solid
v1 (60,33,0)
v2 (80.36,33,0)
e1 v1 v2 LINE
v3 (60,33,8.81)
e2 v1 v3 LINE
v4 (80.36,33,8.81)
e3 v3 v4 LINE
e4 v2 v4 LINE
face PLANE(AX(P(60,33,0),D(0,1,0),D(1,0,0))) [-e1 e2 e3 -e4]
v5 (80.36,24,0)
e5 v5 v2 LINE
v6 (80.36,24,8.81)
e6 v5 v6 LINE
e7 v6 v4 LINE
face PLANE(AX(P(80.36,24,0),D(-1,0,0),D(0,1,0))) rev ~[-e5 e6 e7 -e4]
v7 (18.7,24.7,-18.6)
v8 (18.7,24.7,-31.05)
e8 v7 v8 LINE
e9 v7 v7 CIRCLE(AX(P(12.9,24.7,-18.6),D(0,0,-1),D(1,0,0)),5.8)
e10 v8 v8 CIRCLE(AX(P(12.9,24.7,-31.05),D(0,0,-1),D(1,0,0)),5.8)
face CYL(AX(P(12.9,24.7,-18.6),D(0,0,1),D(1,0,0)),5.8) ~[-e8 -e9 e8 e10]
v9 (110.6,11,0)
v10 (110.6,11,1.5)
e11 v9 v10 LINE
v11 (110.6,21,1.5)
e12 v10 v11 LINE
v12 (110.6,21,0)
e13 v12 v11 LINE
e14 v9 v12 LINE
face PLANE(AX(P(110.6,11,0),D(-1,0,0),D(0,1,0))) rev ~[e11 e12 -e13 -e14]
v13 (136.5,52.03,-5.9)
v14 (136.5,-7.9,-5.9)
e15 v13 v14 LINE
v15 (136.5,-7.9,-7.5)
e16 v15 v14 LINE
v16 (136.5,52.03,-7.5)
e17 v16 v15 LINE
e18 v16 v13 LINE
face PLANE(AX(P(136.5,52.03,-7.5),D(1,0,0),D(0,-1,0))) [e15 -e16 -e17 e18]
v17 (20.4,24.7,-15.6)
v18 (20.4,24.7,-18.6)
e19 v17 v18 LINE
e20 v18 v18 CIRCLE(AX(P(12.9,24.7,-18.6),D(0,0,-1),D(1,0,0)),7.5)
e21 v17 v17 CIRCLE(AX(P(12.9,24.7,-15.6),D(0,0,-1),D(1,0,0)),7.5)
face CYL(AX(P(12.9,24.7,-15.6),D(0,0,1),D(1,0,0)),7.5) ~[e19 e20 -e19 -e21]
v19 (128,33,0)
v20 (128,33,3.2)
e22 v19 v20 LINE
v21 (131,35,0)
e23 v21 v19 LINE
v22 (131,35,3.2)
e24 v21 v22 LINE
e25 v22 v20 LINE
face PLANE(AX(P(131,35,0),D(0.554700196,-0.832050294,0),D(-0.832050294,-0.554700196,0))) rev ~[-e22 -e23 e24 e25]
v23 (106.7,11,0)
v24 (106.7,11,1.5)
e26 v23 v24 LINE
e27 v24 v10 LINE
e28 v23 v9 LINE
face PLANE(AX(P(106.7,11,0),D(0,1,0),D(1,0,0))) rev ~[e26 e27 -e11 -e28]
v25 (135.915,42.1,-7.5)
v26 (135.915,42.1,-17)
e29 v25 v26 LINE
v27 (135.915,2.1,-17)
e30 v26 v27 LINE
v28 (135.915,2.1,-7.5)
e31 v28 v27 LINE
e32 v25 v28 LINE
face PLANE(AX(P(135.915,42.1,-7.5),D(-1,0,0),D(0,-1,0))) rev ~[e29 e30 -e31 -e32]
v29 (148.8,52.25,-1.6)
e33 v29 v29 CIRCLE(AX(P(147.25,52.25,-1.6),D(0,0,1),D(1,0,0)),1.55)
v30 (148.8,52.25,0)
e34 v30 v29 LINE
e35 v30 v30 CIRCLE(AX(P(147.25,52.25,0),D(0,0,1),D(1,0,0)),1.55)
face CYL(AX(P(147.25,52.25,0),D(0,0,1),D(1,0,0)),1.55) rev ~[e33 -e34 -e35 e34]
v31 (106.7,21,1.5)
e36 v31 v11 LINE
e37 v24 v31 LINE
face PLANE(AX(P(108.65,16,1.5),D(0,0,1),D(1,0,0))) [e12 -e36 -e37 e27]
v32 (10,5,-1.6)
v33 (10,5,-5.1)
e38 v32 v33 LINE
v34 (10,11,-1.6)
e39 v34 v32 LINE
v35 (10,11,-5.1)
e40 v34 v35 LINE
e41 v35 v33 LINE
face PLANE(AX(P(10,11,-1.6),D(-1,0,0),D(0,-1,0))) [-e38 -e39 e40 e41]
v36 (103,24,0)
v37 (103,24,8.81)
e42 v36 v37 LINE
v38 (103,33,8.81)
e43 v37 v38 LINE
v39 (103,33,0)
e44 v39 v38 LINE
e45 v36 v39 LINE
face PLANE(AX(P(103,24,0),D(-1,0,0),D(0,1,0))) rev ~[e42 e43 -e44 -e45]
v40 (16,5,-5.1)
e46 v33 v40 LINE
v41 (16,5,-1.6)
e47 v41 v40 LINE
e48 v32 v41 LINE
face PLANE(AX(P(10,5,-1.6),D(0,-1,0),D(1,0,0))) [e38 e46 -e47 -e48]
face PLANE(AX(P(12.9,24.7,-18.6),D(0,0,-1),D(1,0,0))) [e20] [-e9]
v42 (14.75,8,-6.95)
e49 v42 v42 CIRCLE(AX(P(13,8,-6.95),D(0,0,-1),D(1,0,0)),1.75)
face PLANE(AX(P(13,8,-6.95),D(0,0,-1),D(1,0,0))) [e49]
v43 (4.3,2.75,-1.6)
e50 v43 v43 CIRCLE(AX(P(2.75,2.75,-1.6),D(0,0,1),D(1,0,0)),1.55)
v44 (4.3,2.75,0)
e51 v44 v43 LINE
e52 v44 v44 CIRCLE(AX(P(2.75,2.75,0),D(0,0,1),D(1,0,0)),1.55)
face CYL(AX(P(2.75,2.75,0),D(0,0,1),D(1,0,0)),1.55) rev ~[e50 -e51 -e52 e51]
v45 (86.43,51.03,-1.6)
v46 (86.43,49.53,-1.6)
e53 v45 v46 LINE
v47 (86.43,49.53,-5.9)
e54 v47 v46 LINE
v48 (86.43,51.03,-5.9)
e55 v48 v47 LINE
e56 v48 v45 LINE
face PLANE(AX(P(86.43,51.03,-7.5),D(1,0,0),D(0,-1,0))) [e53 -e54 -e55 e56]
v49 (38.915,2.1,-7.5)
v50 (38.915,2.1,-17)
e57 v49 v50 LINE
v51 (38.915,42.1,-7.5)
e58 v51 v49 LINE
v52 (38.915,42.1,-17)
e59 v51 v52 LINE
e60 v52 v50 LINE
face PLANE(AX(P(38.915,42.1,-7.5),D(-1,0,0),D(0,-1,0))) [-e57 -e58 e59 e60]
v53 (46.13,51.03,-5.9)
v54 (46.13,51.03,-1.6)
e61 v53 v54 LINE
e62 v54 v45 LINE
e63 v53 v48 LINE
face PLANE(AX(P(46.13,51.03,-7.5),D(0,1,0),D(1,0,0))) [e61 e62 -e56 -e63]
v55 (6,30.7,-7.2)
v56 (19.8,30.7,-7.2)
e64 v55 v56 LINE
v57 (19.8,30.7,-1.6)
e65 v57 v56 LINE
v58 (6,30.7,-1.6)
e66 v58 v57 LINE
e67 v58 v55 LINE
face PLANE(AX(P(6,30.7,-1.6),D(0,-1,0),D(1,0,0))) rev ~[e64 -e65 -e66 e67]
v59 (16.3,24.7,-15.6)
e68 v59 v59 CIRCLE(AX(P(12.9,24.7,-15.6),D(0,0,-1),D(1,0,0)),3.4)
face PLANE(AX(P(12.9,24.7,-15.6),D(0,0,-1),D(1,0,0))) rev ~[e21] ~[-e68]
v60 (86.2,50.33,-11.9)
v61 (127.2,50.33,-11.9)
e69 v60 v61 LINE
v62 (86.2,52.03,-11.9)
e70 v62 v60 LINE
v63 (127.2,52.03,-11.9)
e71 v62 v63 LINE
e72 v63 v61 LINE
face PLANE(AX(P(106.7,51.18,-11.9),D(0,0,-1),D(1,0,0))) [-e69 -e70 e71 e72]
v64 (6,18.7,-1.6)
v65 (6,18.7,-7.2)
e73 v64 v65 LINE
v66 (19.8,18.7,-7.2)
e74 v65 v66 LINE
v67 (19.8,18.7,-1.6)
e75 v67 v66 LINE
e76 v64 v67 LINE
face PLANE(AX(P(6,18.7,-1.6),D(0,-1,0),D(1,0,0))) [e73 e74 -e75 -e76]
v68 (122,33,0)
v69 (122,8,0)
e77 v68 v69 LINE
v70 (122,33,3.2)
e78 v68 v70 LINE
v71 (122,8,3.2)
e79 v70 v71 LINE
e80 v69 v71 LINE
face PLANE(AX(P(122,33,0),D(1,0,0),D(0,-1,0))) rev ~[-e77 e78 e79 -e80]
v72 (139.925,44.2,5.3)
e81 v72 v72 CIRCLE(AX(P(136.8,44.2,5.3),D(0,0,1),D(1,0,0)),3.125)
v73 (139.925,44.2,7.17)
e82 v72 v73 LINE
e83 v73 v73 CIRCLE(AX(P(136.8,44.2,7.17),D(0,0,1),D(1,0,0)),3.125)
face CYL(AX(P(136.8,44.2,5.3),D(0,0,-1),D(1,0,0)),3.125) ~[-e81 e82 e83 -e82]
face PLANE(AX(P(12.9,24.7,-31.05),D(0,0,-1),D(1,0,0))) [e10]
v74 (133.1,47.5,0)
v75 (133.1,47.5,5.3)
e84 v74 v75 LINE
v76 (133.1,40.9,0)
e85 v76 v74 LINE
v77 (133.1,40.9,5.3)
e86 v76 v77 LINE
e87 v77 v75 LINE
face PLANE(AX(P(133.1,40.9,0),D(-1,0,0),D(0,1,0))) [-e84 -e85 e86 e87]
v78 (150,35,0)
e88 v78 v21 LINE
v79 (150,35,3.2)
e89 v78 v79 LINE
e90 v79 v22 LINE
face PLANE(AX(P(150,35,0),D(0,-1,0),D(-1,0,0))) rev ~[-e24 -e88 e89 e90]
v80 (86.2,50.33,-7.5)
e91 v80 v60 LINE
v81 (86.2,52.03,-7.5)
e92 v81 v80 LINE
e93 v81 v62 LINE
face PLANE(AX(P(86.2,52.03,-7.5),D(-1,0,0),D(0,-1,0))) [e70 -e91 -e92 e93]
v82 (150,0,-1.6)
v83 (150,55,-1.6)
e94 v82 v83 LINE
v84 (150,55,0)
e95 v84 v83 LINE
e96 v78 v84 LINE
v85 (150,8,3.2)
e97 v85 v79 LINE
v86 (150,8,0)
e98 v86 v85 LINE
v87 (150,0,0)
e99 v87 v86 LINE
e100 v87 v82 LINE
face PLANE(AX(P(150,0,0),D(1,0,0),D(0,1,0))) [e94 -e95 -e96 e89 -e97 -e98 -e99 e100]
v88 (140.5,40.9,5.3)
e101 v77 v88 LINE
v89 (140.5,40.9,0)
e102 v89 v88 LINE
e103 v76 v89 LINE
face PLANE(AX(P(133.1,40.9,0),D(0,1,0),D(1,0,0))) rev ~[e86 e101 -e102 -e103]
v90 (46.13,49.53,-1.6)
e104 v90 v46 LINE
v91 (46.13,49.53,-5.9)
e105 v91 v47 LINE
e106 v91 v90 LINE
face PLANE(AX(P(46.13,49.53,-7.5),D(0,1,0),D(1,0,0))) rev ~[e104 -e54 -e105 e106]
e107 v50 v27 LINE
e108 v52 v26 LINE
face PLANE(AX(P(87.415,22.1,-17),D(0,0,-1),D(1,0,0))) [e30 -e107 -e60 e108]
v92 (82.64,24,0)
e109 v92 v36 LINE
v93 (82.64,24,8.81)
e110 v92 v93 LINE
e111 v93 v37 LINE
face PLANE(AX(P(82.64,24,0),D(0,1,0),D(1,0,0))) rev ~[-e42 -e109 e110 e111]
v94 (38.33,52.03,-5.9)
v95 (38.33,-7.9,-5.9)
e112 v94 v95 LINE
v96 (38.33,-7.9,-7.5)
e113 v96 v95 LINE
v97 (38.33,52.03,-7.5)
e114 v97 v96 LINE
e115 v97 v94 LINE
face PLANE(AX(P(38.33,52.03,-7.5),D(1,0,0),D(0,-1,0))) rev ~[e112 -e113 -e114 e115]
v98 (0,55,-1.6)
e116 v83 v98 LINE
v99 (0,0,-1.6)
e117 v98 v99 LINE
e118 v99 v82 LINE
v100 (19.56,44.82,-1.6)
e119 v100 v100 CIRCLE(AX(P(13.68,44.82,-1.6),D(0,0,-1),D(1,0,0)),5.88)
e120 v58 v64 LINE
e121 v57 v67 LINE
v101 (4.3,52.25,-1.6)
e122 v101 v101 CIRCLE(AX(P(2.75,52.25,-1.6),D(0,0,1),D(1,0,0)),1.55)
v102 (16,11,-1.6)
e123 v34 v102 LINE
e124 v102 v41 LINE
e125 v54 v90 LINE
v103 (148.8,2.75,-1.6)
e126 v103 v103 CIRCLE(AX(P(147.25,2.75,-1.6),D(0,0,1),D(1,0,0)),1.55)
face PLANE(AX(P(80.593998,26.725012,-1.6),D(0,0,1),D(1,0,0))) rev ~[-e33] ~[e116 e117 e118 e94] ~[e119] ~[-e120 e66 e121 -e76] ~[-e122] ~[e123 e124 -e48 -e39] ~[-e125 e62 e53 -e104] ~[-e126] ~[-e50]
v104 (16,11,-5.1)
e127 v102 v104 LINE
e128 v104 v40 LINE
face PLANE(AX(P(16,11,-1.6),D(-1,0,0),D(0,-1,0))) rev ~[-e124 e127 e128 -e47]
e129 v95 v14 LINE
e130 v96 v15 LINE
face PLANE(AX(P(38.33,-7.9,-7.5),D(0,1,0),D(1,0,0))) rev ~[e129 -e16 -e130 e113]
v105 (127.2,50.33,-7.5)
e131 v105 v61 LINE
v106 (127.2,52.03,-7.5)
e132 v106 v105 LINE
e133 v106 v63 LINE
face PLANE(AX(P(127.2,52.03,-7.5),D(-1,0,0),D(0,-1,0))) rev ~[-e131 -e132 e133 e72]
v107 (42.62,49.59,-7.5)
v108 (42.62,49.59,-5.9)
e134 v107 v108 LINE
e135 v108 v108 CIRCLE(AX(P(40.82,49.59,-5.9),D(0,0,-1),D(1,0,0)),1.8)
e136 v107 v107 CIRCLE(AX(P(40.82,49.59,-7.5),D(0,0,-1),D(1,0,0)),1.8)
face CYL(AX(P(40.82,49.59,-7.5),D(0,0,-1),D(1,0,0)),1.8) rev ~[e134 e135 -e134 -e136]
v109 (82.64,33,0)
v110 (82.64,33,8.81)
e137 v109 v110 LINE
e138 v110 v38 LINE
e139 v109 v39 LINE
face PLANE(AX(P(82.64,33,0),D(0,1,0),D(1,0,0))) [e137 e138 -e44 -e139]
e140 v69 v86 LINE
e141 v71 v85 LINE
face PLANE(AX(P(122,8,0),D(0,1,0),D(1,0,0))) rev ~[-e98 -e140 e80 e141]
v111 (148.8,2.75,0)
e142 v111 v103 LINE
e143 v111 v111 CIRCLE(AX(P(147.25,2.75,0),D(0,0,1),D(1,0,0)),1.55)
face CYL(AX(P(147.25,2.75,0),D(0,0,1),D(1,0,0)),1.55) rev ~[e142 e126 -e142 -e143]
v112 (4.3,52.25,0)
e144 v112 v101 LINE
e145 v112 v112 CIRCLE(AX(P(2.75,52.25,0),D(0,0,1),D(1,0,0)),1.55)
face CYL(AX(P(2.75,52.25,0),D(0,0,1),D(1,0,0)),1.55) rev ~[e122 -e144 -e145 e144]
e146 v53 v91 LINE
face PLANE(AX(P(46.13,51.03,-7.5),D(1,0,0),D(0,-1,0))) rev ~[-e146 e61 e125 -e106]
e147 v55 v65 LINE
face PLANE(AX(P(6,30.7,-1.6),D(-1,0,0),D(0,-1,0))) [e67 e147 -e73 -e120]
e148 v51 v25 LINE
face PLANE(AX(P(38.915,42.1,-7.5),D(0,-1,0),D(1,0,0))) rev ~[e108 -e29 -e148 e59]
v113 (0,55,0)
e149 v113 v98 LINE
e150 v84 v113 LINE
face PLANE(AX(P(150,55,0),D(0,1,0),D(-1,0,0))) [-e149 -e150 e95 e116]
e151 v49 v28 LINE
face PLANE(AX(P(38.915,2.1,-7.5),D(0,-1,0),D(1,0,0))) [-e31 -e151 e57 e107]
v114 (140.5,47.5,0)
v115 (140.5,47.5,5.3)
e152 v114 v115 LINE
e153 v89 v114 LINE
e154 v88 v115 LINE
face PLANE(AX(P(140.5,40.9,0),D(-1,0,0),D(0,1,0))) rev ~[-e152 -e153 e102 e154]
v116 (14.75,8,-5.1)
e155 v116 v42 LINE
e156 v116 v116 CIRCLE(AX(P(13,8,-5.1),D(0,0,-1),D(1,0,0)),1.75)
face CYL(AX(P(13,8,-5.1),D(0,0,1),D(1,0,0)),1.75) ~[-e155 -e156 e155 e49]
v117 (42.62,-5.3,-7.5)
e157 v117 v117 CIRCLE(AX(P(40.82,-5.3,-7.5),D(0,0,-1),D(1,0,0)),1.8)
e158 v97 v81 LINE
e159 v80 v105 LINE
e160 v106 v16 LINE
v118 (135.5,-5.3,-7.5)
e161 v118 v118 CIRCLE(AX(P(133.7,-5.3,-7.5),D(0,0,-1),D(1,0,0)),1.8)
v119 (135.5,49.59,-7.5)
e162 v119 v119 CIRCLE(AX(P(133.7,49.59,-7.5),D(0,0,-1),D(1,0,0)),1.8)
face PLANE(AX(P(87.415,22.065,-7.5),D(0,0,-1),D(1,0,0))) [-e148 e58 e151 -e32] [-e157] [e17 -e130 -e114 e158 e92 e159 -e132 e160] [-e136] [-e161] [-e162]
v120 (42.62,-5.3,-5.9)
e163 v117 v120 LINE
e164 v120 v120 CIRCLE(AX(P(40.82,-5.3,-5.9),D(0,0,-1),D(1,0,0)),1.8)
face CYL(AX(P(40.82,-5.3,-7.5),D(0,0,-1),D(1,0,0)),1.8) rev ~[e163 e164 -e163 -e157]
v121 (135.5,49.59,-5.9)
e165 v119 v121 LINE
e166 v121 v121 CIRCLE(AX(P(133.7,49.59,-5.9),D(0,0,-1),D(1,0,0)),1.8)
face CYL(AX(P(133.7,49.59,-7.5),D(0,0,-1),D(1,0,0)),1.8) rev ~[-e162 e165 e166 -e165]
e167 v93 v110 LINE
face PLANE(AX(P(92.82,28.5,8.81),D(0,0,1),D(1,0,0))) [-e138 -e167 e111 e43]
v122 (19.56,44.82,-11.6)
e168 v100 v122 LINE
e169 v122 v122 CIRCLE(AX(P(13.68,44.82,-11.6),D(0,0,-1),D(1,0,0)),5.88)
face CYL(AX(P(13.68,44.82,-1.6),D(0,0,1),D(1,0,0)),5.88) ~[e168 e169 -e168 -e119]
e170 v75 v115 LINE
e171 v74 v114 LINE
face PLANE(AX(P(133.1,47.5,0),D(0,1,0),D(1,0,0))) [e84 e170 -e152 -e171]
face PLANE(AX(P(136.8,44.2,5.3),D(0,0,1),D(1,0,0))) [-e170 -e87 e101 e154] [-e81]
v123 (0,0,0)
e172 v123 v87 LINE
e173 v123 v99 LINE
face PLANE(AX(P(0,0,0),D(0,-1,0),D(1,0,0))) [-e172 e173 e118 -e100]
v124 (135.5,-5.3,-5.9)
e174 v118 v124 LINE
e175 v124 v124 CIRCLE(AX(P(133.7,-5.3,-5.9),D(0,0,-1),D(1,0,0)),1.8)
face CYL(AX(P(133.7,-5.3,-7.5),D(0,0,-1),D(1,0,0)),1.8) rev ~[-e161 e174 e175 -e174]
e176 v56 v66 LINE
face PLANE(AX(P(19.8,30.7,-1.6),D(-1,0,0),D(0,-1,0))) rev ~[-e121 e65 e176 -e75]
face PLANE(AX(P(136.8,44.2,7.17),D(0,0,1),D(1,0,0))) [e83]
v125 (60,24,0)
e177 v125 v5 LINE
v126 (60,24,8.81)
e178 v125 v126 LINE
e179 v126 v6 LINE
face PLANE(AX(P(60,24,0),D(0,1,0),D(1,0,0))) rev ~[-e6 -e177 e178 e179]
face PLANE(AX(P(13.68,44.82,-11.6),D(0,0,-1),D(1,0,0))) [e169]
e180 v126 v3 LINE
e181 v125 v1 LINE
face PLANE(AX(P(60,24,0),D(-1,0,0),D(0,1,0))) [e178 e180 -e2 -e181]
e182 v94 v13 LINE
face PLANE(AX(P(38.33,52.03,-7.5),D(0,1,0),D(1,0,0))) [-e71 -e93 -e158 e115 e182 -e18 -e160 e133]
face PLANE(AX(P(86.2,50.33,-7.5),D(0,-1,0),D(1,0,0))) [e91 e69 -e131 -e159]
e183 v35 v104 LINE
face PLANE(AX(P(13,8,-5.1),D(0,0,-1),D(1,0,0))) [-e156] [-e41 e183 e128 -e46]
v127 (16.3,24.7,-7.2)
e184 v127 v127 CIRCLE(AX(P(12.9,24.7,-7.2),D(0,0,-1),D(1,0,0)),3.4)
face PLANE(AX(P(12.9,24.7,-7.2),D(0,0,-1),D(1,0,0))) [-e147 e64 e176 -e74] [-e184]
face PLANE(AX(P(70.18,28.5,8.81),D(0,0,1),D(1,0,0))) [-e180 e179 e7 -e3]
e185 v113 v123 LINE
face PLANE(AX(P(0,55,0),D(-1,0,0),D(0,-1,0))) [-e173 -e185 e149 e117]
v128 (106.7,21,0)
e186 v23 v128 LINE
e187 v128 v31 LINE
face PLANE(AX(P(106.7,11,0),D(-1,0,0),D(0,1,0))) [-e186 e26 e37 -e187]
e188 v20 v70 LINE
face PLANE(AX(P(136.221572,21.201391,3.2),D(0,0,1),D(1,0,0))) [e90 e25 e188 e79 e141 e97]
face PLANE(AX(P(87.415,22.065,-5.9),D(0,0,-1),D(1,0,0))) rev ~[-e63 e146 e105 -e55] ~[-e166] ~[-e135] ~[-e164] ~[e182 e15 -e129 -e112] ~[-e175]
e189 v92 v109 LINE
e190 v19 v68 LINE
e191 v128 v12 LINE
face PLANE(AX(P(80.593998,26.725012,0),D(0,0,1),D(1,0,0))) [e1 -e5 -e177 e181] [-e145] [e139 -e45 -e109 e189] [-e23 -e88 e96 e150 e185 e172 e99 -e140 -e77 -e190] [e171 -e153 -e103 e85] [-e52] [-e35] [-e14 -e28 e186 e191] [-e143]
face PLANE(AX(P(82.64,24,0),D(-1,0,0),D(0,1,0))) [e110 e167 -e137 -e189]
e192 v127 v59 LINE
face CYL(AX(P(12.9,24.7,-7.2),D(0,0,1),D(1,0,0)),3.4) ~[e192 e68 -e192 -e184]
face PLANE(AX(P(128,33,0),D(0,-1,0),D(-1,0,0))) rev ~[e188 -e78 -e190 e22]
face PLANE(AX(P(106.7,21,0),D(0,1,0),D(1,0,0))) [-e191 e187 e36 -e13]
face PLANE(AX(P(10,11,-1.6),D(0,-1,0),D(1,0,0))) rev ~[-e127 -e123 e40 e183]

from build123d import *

# Parameters (mm, degrees)
F0_R      = 1.55
F0_W      = 3.9
F0_H      = 10
F0_W_2    = 20.36
F0_H_2    = 9
F0_W_3    = 7.4
F0_H_3    = 6.6
F0_R_2    = 3.125
F1_DEPTH  = 1.6
F2_DEPTH  = 8.81
F3_DEPTH  = 3.2
F4_DEPTH  = 1.5
F5_DEPTH  = 5.3
F6_R      = 3.125
F7_DEPTH  = 1.87
F8_R      = 5.88
F9_DEPTH  = 10
F10_W     = 13.8
F10_H     = 12
F11_DEPTH = 5.6
F12_R     = 3.4
F13_DEPTH = 8.4
F14_R     = 7.5
F14_R_2   = 3.4
F15_DEPTH = 3
F16_R     = 5.8
F17_DEPTH = 12.45
F10_W_2   = 6
F10_H_2   = 6
F10_R     = 1.75
F18_DEPTH = 3.5
F19_R     = 1.75
F20_DEPTH = 1.85
F22_W     = 40.3
F22_H     = 1.5
F23_DEPTH = 5.9
F22_W_2   = 98.17
F22_H_2   = 59.93
F22_R     = 1.8
F24_DEPTH = 1.6
F25_W     = 41
F25_H     = 1.7
F26_DEPTH = 4.4
F25_W_2   = 97
F25_H_2   = 40
F27_DEPTH = 9.5


with BuildPart() as f1:
    # F0 (on Top) → F1 (new body)
    with BuildSketch(Plane.XY):
        Polygon((0, 55), (0, 0), (150, 0), (150, 8), (122, 8), (122, 33), (128, 33), (131, 35), (150, 35), (150, 55), align=None)
        with Locations((2.75, 2.75)):
            Circle(F0_R, mode=Mode.SUBTRACT)
        with Locations((147.25, 2.75)):
            Circle(F0_R, mode=Mode.SUBTRACT)
        with Locations((108.65, 16)):
            Rectangle(F0_W, F0_H, mode=Mode.SUBTRACT)
        with Locations((70.18, 28.5)):
            Rectangle(F0_W_2, F0_H_2, mode=Mode.SUBTRACT)
        with Locations((2.75, 52.25)):
            Circle(F0_R, mode=Mode.SUBTRACT)
        with Locations((92.82, 28.5)):
            Rectangle(F0_W_2, F0_H_2, mode=Mode.SUBTRACT)
        with Locations((136.8, 44.2)):
            Rectangle(F0_W_3, F0_H_3, mode=Mode.SUBTRACT)
        with Locations((147.25, 52.25)):
            Circle(F0_R, mode=Mode.SUBTRACT)
        Polygon((122, 8), (150, 8), (150, 35), (131, 35), (128, 33), (122, 33), align=None)
        with Locations((70.18, 28.5)):
            Rectangle(F0_W_2, F0_H_2)
        with Locations((108.65, 16)):
            Rectangle(F0_W, F0_H)
        with Locations((136.8, 44.2)):
            Rectangle(F0_W_3, F0_H_3)
        with Locations((136.8, 44.2)):
            Circle(F0_R_2, mode=Mode.SUBTRACT)
        with Locations((136.8, 44.2)):
            Circle(F0_R_2)
        with Locations((92.82, 28.5)):
            Rectangle(F0_W_2, F0_H_2)
    extrude(amount=-F1_DEPTH)

    # F0 (on Top) → F2 (join)
    with BuildSketch(Plane.XY):
        with Locations((70.18, 28.5)):
            Rectangle(F0_W_2, F0_H_2)
        with Locations((92.82, 28.5)):
            Rectangle(F0_W_2, F0_H_2)
    extrude(amount=F2_DEPTH)

    # F0 (on Top) → F3 (join)
    with BuildSketch(Plane.XY):
        Polygon((122, 8), (150, 8), (150, 35), (131, 35), (128, 33), (122, 33), align=None)
    extrude(amount=F3_DEPTH)

    # F0 (on Top) → F4 (join)
    with BuildSketch(Plane.XY):
        with Locations((108.65, 16)):
            Rectangle(F0_W, F0_H)
    extrude(amount=F4_DEPTH)

    # F0 (on Top) → F5 (join)
    with BuildSketch(Plane.XY):
        with Locations((136.8, 44.2)):
            Rectangle(F0_W_3, F0_H_3)
        with Locations((136.8, 44.2)):
            Circle(F0_R_2, mode=Mode.SUBTRACT)
        with Locations((136.8, 44.2)):
            Circle(F0_R_2)
    extrude(amount=F5_DEPTH)

    # F6 (on face) → F7 (join)
    with BuildSketch(Plane.XY.offset(5.3)):
        with Locations((136.8, 44.2)):
            Circle(F6_R)
    extrude(amount=F7_DEPTH)

    # F8 (on face) → F9 (join)
    with BuildSketch(Plane(origin=(0, 0, -1.6), x_dir=(1, 0, 0), z_dir=(0, 0, -1))):
        with Locations((13.68, -44.82)):
            Circle(F8_R)
    extrude(amount=F9_DEPTH)

    # F10 (on face) → F11 (join)
    with BuildSketch(Plane(origin=(0, 0, -1.6), x_dir=(1, 0, 0), z_dir=(0, 0, -1))):
        with Locations((12.9, -24.7)):
            Rectangle(F10_W, F10_H)
    extrude(amount=F11_DEPTH)

    # F12 (on face) → F13 (join)
    with BuildSketch(Plane(origin=(0, 0, -7.2), x_dir=(1, 0, 0), z_dir=(0, 0, -1))):
        with Locations((12.9, -24.7)):
            Circle(F12_R)
    extrude(amount=F13_DEPTH)

    # F14 (on face) → F15 (join)
    with BuildSketch(Plane(origin=(0, 0, -15.6), x_dir=(1, 0, 0), z_dir=(0, 0, -1))):
        with Locations((12.9, -24.7)):
            Circle(F14_R)
        with Locations((12.9, -24.7)):
            Circle(F14_R_2, mode=Mode.SUBTRACT)
        with Locations((12.9, -24.7)):
            Circle(F14_R_2)
    extrude(amount=F15_DEPTH)

    # F16 (on face) → F17 (join)
    with BuildSketch(Plane(origin=(0, 0, -18.6), x_dir=(1, 0, 0), z_dir=(0, 0, -1))):
        with Locations((12.9, -24.7)):
            Circle(F16_R)
    extrude(amount=F17_DEPTH)

    # F10 (on face) → F18 (join)
    with BuildSketch(Plane(origin=(0, 0, -1.6), x_dir=(1, 0, 0), z_dir=(0, 0, -1))):
        with Locations((13, -8)):
            Rectangle(F10_W_2, F10_H_2)
        with Locations((13, -8)):
            Circle(F10_R, mode=Mode.SUBTRACT)
        with Locations((13, -8)):
            Circle(F10_R)
    extrude(amount=F18_DEPTH)

    # F19 (on face) → F20 (join)
    with BuildSketch(Plane(origin=(0, 0, -5.1), x_dir=(1, 0, 0), z_dir=(0, 0, -1))):
        with Locations((13, -8)):
            Circle(F19_R)
    extrude(amount=F20_DEPTH)

    # F22 (on offset) → F23 (join, through all)
    with BuildSketch(Plane(origin=(0, 0, -7.5), x_dir=(1, 0, 0), z_dir=(0, 0, -1))):
        with Locations((66.28, -50.28)):
            Rectangle(F22_W, F22_H)
    extrude(amount=-F23_DEPTH)

    # F22 (on offset) → F24 (join)
    with BuildSketch(Plane(origin=(0, 0, -7.5), x_dir=(1, 0, 0), z_dir=(0, 0, -1))):
        with Locations((87.415, -22.065)):
            Rectangle(F22_W_2, F22_H_2)
        with Locations((40.82, -49.59)):
            Circle(F22_R, mode=Mode.SUBTRACT)
        with Locations((66.28, -50.28)):
            Rectangle(F22_W, F22_H, mode=Mode.SUBTRACT)
        with Locations((133.7, -49.59)):
            Circle(F22_R, mode=Mode.SUBTRACT)
        with Locations((40.82, 5.3)):
            Circle(F22_R, mode=Mode.SUBTRACT)
        with Locations((133.7, 5.3)):
            Circle(F22_R, mode=Mode.SUBTRACT)
    extrude(amount=-F24_DEPTH)

    # F25 (on face) → F26 (join)
    with BuildSketch(Plane(origin=(0, 0, -7.5), x_dir=(1, 0, 0), z_dir=(0, 0, -1))):
        with Locations((106.7, -51.18)):
            Rectangle(F25_W, F25_H)
    extrude(amount=F26_DEPTH)

    # F25 (on face) → F27 (join)
    with BuildSketch(Plane(origin=(0, 0, -7.5), x_dir=(1, 0, 0), z_dir=(0, 0, -1))):
        with Locations((87.415, -22.1)):
            Rectangle(F25_W_2, F25_H_2)
    extrude(amount=F27_DEPTH)


solid = f1.part
